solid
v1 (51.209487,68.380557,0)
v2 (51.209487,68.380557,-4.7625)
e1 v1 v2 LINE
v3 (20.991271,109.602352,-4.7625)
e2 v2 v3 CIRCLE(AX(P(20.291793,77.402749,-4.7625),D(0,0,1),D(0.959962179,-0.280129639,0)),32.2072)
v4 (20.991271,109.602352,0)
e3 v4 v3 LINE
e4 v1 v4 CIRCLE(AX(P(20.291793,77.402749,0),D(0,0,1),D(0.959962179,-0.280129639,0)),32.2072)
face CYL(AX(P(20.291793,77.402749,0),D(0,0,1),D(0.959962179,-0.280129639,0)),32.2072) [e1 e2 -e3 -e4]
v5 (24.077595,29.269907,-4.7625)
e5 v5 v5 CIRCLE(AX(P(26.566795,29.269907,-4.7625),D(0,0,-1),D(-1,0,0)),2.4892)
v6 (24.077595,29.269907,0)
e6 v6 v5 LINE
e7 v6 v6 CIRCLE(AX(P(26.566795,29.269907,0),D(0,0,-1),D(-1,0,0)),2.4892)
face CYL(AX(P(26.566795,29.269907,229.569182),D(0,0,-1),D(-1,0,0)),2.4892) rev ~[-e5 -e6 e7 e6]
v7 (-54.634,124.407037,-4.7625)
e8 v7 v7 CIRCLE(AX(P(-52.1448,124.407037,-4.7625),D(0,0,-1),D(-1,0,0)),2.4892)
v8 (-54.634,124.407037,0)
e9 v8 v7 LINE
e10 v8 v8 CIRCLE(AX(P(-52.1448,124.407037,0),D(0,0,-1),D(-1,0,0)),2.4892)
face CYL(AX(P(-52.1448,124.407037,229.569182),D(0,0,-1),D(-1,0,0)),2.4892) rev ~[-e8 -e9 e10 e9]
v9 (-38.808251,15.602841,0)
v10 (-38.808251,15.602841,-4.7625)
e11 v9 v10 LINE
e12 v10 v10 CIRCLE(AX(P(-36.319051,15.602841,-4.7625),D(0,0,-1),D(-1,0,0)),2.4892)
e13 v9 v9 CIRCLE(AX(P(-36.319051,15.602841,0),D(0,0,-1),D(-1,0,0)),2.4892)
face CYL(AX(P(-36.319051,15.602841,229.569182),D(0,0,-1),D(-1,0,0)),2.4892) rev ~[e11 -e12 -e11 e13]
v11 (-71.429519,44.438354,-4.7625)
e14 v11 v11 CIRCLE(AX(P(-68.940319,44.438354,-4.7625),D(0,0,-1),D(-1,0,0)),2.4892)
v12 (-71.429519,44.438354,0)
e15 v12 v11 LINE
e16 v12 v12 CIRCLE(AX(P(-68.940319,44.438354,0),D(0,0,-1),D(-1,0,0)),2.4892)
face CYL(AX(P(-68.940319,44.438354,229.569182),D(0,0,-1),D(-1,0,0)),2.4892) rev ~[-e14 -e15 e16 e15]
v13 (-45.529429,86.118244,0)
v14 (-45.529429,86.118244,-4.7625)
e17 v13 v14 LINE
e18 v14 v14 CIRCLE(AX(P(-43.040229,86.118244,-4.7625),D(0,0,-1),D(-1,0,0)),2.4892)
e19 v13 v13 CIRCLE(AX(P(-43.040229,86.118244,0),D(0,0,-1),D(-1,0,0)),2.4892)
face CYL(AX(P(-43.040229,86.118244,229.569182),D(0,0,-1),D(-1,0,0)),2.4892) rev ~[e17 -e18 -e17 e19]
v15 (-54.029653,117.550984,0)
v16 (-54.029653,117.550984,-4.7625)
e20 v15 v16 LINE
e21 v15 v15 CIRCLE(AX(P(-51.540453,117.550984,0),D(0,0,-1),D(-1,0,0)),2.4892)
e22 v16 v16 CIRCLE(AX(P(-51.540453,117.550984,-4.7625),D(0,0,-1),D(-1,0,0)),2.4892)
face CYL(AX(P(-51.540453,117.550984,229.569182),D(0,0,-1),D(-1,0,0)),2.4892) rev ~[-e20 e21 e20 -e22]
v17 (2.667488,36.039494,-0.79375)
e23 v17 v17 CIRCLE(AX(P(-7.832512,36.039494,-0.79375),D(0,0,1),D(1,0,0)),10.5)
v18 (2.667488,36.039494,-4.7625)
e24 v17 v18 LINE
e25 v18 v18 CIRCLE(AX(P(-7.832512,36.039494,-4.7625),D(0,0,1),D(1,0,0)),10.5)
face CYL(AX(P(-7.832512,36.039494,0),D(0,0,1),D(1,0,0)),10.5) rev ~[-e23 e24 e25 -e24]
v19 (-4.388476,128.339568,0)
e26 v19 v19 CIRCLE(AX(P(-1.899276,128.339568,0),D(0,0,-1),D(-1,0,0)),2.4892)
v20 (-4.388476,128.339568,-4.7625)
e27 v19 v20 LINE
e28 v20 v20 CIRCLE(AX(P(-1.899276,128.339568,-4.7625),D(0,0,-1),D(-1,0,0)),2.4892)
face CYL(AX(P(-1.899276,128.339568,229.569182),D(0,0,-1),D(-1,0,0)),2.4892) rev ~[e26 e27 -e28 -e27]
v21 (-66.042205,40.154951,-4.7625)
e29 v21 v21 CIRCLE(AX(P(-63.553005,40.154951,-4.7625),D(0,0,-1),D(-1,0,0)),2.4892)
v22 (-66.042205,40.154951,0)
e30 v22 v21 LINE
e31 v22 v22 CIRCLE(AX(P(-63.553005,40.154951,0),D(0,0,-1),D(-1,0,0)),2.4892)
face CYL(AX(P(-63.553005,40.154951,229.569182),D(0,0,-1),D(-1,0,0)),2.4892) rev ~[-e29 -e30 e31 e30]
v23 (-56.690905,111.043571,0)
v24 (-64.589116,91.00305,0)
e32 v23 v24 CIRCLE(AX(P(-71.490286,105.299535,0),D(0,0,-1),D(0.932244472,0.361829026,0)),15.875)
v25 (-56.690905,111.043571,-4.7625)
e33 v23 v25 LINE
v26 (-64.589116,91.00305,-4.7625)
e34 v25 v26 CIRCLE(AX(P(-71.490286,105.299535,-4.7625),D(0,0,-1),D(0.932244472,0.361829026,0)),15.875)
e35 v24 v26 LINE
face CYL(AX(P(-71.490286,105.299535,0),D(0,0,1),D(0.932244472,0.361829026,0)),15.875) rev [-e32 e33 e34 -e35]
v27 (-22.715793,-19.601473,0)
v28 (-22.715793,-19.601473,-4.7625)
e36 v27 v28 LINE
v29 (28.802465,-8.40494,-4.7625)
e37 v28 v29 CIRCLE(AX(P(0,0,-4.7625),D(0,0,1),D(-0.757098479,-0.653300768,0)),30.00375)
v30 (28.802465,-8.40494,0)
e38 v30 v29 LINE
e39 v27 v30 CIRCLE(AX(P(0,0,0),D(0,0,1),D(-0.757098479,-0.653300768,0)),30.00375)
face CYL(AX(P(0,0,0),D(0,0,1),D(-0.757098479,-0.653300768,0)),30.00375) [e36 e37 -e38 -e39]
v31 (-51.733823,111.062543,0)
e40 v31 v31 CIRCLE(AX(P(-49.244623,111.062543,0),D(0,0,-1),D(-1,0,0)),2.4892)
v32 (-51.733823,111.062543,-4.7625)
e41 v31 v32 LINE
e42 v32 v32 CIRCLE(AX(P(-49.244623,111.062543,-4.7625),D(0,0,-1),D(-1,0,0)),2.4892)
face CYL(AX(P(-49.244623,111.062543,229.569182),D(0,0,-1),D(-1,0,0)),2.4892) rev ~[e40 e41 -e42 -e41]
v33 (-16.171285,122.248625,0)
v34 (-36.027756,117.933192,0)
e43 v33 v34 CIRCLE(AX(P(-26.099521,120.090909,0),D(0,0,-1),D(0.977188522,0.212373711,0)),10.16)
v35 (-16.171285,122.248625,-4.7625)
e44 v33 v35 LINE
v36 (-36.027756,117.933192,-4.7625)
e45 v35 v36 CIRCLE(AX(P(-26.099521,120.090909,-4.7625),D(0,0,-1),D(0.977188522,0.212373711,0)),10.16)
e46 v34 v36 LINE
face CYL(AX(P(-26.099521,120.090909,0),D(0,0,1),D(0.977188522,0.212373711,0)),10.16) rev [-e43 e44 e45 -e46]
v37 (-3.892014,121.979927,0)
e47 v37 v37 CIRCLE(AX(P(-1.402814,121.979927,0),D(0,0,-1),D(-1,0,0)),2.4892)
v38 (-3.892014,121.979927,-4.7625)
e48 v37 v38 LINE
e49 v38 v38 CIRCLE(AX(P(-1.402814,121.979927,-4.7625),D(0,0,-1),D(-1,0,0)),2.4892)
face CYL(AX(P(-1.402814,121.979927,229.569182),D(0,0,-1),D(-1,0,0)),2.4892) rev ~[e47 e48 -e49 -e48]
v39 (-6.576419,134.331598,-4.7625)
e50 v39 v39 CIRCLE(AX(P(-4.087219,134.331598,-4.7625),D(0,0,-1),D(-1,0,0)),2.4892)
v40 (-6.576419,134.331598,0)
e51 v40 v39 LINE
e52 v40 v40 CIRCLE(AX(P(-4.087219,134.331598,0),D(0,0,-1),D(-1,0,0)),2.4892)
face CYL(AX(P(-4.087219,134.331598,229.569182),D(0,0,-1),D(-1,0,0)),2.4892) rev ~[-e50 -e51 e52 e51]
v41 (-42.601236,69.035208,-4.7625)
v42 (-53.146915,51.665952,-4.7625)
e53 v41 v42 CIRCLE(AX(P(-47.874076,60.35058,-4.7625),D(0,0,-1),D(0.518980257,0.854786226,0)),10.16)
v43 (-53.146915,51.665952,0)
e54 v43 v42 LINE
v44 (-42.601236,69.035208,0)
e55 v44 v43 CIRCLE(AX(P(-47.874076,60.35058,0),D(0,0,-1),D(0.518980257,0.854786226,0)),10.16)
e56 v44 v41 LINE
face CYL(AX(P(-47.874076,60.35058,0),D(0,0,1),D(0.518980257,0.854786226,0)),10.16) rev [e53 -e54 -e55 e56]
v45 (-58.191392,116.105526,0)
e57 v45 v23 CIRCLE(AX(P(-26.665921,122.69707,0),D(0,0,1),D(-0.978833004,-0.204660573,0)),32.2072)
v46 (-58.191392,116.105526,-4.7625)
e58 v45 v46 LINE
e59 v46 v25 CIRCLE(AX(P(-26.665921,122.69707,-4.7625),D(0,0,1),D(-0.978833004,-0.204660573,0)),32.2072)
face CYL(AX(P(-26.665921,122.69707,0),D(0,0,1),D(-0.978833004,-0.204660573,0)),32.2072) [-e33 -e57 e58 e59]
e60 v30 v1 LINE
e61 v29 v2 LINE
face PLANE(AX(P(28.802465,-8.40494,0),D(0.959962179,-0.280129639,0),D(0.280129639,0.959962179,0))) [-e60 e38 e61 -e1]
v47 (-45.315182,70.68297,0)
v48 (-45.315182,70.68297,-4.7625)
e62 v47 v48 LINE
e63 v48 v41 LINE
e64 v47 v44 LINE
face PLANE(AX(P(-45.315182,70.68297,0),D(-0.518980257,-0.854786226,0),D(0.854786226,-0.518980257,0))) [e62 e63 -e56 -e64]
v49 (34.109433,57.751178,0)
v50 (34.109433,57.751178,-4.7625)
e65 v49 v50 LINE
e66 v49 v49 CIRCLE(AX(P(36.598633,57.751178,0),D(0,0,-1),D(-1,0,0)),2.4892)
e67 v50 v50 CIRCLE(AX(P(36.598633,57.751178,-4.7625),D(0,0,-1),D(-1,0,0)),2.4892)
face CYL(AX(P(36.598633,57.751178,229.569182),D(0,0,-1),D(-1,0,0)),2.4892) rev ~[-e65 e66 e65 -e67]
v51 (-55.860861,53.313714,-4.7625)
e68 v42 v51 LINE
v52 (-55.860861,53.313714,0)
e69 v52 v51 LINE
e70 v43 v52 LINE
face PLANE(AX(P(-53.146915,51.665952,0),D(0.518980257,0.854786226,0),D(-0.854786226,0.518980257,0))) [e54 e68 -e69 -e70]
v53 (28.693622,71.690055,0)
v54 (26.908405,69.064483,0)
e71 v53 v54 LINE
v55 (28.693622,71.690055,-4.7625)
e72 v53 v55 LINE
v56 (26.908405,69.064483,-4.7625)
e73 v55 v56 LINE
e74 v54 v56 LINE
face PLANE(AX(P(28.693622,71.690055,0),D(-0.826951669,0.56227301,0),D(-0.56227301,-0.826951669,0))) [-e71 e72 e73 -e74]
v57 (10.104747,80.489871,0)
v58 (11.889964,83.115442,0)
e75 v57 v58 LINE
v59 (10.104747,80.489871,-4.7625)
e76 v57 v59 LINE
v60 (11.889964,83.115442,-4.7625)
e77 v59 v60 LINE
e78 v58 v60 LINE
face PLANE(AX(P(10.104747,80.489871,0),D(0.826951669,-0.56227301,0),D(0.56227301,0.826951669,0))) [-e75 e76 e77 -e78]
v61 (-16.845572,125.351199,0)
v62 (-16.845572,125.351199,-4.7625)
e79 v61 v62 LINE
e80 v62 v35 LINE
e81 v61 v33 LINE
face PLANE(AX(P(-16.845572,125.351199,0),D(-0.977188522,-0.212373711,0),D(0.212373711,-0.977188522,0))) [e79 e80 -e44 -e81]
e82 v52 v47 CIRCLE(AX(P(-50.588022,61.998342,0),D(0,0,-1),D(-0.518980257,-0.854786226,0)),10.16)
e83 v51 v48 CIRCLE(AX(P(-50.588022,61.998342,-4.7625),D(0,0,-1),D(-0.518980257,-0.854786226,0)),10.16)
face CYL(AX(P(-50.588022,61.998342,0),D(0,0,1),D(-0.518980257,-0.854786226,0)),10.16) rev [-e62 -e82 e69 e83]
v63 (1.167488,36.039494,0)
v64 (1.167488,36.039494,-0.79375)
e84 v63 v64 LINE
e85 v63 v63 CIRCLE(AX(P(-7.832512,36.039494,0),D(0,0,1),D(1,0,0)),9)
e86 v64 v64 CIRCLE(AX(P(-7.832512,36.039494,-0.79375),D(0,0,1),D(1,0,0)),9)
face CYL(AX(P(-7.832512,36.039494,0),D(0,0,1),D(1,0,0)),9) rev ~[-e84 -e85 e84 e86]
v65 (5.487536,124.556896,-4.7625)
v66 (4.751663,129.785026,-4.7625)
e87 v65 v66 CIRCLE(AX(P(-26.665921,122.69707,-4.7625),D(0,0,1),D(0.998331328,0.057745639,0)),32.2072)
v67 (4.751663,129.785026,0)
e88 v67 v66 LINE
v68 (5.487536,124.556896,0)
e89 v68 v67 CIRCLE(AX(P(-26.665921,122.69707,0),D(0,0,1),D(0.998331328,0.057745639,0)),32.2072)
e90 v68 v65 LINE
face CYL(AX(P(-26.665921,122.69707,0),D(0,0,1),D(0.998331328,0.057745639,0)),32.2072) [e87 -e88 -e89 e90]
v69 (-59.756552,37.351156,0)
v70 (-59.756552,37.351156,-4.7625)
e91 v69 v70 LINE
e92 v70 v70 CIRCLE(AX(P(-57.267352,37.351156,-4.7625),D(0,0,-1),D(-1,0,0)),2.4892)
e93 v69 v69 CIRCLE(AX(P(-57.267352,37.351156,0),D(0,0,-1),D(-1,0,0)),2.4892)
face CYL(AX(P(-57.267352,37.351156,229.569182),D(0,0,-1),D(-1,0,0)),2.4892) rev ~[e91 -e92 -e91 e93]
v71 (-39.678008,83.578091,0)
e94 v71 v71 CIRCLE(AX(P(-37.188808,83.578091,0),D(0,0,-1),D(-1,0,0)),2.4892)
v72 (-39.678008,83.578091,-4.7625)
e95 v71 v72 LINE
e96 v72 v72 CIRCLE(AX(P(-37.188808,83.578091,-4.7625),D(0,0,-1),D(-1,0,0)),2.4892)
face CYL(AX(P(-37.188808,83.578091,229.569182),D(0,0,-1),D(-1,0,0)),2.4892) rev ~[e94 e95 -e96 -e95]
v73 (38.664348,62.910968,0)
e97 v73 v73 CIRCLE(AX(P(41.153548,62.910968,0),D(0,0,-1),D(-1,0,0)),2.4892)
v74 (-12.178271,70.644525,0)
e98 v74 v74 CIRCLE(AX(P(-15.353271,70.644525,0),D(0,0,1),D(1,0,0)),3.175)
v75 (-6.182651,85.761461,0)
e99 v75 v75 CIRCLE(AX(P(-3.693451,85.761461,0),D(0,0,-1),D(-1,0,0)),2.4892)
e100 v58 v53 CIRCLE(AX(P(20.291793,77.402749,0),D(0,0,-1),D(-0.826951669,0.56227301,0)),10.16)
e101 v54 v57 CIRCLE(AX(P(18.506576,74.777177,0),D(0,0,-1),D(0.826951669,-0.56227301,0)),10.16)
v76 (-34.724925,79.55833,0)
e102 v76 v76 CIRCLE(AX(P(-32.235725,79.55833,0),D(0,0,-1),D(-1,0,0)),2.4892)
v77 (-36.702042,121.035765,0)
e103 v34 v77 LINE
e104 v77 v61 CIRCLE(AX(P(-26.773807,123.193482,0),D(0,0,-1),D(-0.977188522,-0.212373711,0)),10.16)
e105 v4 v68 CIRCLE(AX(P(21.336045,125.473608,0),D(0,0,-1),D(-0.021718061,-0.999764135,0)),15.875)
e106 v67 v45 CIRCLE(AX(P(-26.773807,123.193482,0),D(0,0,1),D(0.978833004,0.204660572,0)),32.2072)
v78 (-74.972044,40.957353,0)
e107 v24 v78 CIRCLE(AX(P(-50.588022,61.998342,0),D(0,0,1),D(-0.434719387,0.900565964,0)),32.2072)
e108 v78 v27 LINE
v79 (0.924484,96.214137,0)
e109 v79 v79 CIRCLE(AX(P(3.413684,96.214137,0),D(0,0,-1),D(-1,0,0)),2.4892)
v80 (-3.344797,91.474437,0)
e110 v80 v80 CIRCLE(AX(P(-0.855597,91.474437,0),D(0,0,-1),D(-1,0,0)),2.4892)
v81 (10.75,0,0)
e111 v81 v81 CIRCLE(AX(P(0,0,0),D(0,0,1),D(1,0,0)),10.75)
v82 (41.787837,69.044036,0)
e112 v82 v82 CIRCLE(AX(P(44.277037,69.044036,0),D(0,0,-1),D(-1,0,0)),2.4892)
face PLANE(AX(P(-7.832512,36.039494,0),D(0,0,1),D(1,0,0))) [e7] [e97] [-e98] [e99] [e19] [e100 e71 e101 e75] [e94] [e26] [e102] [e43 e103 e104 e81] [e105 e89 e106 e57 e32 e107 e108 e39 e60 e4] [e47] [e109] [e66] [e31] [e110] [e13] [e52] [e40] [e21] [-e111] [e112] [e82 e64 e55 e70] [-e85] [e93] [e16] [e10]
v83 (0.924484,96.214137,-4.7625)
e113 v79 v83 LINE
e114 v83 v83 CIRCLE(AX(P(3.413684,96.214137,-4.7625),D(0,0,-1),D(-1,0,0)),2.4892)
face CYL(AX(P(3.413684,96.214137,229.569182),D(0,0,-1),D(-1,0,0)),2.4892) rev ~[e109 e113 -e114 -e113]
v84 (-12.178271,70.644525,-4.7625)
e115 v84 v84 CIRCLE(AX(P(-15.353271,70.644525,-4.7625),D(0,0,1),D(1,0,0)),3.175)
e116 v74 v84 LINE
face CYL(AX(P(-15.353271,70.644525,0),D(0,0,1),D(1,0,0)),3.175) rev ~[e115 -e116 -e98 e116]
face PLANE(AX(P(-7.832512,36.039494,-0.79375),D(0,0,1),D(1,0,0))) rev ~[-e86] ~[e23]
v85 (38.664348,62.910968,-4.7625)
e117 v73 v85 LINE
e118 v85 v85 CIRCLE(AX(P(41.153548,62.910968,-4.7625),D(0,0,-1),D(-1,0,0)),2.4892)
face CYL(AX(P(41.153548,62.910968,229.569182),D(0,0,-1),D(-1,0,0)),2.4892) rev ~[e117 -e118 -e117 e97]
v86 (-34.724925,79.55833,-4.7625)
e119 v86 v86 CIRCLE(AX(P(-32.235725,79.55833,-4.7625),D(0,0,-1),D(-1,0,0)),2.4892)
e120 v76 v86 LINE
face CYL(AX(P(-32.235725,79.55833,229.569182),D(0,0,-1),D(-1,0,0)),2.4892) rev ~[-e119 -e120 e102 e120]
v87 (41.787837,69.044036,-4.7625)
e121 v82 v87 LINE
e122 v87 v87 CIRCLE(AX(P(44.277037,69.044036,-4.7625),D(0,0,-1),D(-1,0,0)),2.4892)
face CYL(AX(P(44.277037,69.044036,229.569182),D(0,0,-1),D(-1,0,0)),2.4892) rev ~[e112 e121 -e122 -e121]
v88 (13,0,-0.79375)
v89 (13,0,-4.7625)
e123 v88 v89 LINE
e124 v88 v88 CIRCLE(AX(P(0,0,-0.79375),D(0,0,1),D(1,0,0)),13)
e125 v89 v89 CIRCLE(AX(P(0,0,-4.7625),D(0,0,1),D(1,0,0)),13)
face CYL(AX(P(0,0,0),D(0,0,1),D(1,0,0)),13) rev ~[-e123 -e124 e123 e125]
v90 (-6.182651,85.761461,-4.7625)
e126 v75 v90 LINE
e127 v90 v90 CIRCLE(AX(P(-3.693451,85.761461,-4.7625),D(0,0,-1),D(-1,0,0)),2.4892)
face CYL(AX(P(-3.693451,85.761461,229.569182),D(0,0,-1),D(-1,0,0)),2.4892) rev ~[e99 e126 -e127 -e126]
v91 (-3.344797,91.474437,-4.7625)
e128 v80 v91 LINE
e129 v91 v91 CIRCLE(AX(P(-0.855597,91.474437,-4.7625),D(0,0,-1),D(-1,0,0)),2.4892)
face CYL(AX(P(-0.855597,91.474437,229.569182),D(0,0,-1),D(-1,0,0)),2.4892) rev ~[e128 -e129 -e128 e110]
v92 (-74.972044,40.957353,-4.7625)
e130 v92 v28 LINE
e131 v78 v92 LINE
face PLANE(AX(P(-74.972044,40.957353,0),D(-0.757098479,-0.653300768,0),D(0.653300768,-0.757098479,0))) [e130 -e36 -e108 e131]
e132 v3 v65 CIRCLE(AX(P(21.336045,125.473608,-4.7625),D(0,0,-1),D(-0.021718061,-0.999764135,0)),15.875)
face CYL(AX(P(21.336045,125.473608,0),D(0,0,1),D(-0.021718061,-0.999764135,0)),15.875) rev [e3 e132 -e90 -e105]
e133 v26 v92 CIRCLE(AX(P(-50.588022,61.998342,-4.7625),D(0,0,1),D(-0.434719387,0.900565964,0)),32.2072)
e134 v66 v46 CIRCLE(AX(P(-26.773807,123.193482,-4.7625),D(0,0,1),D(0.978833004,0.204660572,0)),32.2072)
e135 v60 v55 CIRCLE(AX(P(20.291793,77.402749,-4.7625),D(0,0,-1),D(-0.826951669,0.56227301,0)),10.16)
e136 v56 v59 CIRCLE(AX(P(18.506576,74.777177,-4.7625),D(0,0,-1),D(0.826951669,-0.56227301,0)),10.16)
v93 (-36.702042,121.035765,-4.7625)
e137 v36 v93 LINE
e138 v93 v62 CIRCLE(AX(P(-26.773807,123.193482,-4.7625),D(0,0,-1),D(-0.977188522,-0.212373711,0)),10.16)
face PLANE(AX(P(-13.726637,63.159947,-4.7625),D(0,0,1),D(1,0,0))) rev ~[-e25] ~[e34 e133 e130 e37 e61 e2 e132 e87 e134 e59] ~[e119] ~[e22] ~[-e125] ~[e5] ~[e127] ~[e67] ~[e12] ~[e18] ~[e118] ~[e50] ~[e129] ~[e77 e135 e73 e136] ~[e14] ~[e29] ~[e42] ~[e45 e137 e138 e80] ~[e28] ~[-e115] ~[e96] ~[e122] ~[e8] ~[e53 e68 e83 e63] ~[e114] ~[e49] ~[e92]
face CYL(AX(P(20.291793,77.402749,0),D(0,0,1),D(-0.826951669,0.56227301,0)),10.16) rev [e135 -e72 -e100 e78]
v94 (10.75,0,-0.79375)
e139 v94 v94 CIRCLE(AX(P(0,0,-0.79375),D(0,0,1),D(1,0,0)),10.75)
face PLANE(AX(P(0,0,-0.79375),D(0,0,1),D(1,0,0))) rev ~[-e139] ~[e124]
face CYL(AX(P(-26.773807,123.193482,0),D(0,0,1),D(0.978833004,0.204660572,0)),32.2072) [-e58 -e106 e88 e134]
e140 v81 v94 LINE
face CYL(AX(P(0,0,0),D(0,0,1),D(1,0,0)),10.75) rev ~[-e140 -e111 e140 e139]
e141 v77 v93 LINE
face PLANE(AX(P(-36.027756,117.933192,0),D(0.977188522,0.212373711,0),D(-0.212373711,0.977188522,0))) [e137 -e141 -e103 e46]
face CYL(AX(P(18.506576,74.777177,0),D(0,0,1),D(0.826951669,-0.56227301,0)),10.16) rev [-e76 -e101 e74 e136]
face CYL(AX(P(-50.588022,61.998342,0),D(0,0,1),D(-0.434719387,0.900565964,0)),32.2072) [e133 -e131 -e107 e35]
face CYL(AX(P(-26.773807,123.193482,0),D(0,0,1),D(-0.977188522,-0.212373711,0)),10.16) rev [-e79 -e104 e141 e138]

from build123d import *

# Parameters (mm, degrees)
SKETCH1_R              = 3.175
SKETCH1_R_2            = 10.499999955
SKETCH1_R_3            = 13.000000035
BOSS_EXTRUDE4_DEPTH    = 4.7625
F_10_CLEARANCE_HOLE3_D = 4.9784
SKETCH1_13_R           = 10.499999955
SKETCH1_13_R_2         = 9.000000034
SKETCH1_13_R_3         = 13.000000035
SKETCH1_13_R_4         = 10.750000026
BOSS_EXTRUDE5_DEPTH    = 0.79375


with BuildPart() as part:
    # Sketch1 → Boss-Extrude4 (new body)
    with BuildSketch(Plane.XY):
        with BuildLine():
            ThreePointArc((51.209487117, 68.380557282), (46.267175411, 96.444367544), (20.991271172, 109.60235205))
            ThreePointArc((20.991271172, 109.60235205), (10.314919955, 114.047741469), (5.487535559, 124.556895683))
            ThreePointArc((5.487535559, 124.556895683), (5.226909628, 127.186065068), (4.751663289, 129.785026101))
            ThreePointArc((4.751663289, 129.785026101), (-33.61376962, 154.665988281), (-58.191391536, 116.105526376))
            ThreePointArc((-58.191391536, 116.105526376), (-57.54504783, 113.543750167), (-56.690905362, 111.043570538))
            ThreePointArc((-56.690905362, 111.043570538), (-56.720922919, 99.478750551), (-64.589116092, 91.003050074))
            ThreePointArc((-64.589116092, 91.003050074), (-82.123671946, 68.541010041), (-74.972043993, 40.957353485))
            Line((-74.972043993, 40.957353485), (-22.715793489, -19.601472909))
            ThreePointArc((-22.715793489, -19.601472909), (6.372007721, -29.319320109), (28.80246523, -8.404939663))
            Line((28.80246523, -8.404939663), (51.209487117, 68.380557282))
        make_face()
        with BuildLine():
            Line((-53.146915005, 51.665951595), (-55.860861274, 53.313713912))
            ThreePointArc((-55.860861274, 53.313713912), (-59.272649919, 67.271181384), (-45.315182446, 70.682970029))
            Line((-45.315182446, 70.682970029), (-42.601236178, 69.035207713))
            ThreePointArc((-42.601236178, 69.035207713), (-39.189447533, 55.07774024), (-53.146915005, 51.665951595))
        make_face(mode=Mode.SUBTRACT)
        with Locations((-15.353270713, 70.644524994)):
            Circle(SKETCH1_R, mode=Mode.SUBTRACT)
        with Locations((-7.832512348, 36.039494433)):
            Circle(SKETCH1_R_2, mode=Mode.SUBTRACT)
        with BuildLine():
            Line((10.104747464, 80.489870832), (11.88996427, 83.11544238))
            ThreePointArc((11.88996427, 83.11544238), (26.004487005, 85.804577552), (28.693622177, 71.690054817))
            Line((28.693622177, 71.690054817), (26.90840537, 69.064483269))
            ThreePointArc((26.90840537, 69.064483269), (12.793882636, 66.375348097), (10.104747464, 80.489870832))
        make_face(mode=Mode.SUBTRACT)
        with BuildLine():
            Line((-36.027755896, 117.933191666), (-36.702042427, 121.035765223))
            ThreePointArc((-36.702042427, 121.035765223), (-28.931523946, 133.121717504), (-16.845571665, 125.351199024))
            Line((-16.845571665, 125.351199024), (-16.171285134, 122.248625467))
            ThreePointArc((-16.171285134, 122.248625467), (-23.941803614, 110.162673186), (-36.027755896, 117.933191666))
        make_face(mode=Mode.SUBTRACT)
        Circle(SKETCH1_R_3, mode=Mode.SUBTRACT)
    extrude(amount=-BOSS_EXTRUDE4_DEPTH)

    # #10 Clearance Hole3 (through all)
    with Locations(Plane.XY):
        with Locations((3.413684473, 96.21413667), (-43.040228891, 86.118244489), (-37.188807624, 83.578091132), (-32.235724588, 79.55833015), (-3.693450585, 85.761461384), (-0.855596504, 91.474437328), (36.598632596, 57.751177631), (41.153548262, 62.910968421), (44.277037033, 69.044035813), (26.566795152, 29.269907275), (-36.319050549, 15.602840887), (-57.267352023, 37.351155511), (-63.553004693, 40.154950839), (-68.940319132, 44.438353792), (-49.244623041, 111.062543152), (-51.540452576, 117.550983988), (-52.144800025, 124.407036926), (-1.402814067, 121.979927321), (-1.899275671, 128.33956849), (-4.087219361, 134.331597556)):
            Hole(F_10_CLEARANCE_HOLE3_D / 2)

    # Sketch1<13> → Boss-Extrude5 (add)
    # profile 1 of 2: a face of its own
    with BuildSketch(Plane.XY):
        with Locations((-7.832512348, 36.039494433)):
            Circle(SKETCH1_13_R)
        with Locations((-7.832512348, 36.039494433)):
            Circle(SKETCH1_13_R_2, mode=Mode.SUBTRACT)
    # profile 2 of 2: a face of its own
    with BuildSketch(Plane.XY):
        Circle(SKETCH1_13_R_3)
        Circle(SKETCH1_13_R_4, mode=Mode.SUBTRACT)
    extrude(amount=-BOSS_EXTRUDE5_DEPTH)


solid = part.part
